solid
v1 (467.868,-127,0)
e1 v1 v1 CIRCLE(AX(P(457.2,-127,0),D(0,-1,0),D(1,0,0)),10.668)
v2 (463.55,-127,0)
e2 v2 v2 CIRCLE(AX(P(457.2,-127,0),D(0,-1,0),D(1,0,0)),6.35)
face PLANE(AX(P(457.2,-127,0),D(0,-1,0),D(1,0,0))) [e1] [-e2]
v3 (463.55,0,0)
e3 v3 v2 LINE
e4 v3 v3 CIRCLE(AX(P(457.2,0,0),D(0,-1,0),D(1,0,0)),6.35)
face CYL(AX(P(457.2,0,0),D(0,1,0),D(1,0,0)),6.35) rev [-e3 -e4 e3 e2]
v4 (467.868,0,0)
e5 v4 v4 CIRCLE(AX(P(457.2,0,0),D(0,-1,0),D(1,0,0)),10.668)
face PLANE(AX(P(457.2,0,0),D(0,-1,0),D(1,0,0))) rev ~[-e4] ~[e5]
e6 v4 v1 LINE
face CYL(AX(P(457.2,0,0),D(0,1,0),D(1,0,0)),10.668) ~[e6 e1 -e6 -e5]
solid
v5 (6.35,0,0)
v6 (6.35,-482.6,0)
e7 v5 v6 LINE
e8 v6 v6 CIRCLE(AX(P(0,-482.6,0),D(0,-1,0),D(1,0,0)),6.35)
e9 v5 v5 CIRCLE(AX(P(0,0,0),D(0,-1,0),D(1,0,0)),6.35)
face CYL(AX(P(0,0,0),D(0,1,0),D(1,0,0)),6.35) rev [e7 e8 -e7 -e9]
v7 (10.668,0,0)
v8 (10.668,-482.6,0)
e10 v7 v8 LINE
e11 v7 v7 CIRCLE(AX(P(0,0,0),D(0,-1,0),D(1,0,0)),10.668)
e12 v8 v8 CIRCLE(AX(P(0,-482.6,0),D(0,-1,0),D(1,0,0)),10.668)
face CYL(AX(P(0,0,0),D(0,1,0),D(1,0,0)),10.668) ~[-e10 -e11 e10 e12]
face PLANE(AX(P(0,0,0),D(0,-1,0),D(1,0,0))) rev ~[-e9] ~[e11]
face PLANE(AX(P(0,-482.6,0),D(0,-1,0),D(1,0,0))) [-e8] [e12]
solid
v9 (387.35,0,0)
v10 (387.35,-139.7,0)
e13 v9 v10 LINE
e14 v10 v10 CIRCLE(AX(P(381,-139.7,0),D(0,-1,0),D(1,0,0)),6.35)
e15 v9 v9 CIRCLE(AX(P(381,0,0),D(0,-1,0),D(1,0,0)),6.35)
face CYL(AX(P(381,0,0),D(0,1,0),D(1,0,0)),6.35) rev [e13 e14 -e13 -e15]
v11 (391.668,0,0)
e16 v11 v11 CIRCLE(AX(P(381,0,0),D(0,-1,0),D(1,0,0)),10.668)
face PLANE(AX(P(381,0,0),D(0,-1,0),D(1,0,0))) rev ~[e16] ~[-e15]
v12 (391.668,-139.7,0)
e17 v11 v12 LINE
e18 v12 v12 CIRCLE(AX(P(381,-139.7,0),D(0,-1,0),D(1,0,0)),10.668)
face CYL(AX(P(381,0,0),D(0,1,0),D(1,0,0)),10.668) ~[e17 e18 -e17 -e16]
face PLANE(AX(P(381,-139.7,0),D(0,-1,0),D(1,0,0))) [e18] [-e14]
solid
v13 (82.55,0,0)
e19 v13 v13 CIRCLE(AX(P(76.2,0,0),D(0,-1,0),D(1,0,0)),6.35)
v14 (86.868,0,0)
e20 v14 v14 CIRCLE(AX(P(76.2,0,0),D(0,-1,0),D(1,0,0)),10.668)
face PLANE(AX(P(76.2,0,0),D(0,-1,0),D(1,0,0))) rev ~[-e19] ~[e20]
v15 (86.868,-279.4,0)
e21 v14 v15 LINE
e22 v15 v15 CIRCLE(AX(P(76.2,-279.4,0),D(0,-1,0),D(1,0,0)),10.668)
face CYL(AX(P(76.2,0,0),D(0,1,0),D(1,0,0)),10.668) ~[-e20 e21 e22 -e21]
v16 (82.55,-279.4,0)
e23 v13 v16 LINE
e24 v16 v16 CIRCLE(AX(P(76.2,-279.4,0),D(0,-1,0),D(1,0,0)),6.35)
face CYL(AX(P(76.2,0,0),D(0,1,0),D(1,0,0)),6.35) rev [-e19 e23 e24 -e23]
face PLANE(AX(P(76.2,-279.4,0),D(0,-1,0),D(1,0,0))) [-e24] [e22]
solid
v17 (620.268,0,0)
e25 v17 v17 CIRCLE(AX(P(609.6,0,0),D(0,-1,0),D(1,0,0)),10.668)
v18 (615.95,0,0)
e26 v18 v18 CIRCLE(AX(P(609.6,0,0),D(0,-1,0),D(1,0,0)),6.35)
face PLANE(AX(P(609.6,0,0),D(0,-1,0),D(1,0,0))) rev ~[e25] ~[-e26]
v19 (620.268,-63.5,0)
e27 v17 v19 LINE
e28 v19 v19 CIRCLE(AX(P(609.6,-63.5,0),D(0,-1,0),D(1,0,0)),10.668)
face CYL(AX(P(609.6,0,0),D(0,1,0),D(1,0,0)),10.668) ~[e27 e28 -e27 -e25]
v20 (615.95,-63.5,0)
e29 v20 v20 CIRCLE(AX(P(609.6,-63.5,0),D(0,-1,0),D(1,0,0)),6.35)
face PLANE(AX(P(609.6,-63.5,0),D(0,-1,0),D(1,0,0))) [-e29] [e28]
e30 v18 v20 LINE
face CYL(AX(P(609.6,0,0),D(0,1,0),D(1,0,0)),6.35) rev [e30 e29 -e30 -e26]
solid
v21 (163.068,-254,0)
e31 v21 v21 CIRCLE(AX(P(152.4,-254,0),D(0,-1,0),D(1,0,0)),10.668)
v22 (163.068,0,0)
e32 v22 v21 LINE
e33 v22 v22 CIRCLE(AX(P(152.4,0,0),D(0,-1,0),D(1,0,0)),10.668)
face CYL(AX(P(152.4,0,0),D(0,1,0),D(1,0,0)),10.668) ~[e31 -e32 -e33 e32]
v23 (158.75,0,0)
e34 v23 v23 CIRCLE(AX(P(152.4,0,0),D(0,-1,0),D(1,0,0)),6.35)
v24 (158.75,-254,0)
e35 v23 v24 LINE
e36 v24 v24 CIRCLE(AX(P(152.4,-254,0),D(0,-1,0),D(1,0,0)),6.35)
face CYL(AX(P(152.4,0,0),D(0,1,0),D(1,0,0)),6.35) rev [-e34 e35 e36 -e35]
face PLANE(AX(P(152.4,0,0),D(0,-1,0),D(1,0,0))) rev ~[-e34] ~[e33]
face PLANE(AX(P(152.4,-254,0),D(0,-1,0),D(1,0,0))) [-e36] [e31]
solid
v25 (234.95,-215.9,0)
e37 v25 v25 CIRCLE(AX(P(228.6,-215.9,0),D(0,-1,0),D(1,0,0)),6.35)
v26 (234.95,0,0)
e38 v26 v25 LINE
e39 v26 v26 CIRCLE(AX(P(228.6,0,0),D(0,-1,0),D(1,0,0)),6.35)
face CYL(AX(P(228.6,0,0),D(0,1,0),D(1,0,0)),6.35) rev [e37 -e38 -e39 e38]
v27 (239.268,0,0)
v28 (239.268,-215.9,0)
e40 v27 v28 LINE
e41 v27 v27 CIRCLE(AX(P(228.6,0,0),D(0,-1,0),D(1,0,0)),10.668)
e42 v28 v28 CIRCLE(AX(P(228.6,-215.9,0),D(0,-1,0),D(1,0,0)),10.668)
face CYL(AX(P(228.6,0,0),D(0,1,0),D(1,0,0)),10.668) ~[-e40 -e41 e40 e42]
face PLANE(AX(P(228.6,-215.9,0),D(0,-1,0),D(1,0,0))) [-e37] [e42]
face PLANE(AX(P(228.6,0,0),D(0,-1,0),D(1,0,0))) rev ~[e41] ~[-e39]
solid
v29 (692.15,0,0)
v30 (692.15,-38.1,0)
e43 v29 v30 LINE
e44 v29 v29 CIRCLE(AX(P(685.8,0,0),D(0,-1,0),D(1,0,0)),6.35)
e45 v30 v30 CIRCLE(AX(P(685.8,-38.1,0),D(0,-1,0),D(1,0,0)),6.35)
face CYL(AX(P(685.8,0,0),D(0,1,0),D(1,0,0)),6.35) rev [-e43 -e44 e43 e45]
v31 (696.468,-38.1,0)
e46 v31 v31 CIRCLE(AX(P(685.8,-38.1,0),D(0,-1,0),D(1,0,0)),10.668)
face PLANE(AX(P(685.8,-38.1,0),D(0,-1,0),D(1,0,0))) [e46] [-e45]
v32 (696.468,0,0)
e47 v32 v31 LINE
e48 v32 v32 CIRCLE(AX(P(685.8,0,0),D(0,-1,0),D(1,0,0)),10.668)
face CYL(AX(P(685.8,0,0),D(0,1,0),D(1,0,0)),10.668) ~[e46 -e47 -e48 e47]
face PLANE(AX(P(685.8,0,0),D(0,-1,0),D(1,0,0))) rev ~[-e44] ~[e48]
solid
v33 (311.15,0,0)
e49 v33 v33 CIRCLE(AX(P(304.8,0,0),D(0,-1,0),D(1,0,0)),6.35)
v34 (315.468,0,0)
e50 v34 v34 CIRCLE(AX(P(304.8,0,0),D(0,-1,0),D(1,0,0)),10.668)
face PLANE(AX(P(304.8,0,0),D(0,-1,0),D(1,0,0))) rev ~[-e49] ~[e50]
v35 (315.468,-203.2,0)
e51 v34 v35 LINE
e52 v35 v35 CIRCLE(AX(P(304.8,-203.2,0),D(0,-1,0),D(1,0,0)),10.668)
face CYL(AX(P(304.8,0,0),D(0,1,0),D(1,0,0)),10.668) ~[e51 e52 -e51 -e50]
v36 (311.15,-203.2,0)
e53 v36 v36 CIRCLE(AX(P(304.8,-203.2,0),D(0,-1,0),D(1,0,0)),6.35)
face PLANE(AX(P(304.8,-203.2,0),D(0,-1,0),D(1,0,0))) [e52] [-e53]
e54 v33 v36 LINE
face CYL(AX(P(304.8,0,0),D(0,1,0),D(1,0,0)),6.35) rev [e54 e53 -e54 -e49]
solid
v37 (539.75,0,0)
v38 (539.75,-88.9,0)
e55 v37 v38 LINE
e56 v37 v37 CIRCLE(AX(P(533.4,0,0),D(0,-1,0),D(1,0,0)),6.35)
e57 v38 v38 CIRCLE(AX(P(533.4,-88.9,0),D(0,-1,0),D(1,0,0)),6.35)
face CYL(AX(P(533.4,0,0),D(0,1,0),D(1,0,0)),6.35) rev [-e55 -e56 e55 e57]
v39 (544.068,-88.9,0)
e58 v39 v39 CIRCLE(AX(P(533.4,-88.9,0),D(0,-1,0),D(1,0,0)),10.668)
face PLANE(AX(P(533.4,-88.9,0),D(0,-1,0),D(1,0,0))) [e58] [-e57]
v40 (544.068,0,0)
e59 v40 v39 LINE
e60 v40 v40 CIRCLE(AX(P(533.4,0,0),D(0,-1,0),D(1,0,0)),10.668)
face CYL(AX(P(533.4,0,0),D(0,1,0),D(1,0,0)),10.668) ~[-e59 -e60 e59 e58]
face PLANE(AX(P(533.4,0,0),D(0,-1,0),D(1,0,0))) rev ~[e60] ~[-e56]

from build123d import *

# Parameters (mm, degrees)
F0_R      = 10.668
F0_R_2    = 6.35
F1_DEPTH  = 482.6
F2_R      = 10.668
F2_R_2    = 6.35
F3_DEPTH  = 279.4
F4_R      = 10.668
F4_R_2    = 6.35
F5_DEPTH  = 254
F6_R      = 10.668
F6_R_2    = 6.35
F7_DEPTH  = 215.9
F8_R      = 10.668
F8_R_2    = 6.35
F9_DEPTH  = 203.2
F10_R     = 10.668
F10_R_2   = 6.35
F11_DEPTH = 139.7
F12_R     = 10.668
F12_R_2   = 6.35
F13_DEPTH = 127
F14_R     = 10.668
F14_R_2   = 6.35
F15_DEPTH = 88.9
F16_R     = 10.668
F16_R_2   = 6.35
F17_DEPTH = 63.5
F18_R     = 10.668
F18_R_2   = 6.35
F19_DEPTH = 38.1


with BuildPart() as f1:
    # F0 (on Front) → F1 (new body)
    with BuildSketch(Plane.XZ):
        Circle(F0_R)
        Circle(F0_R_2, mode=Mode.SUBTRACT)
    extrude(amount=F1_DEPTH)


with BuildPart() as f3:
    # F2 (on Front) → F3 (new body)
    with BuildSketch(Plane.XZ):
        with Locations((76.2, 0)):
            Circle(F2_R)
        with Locations((76.2, 0)):
            Circle(F2_R_2, mode=Mode.SUBTRACT)
    extrude(amount=F3_DEPTH)


with BuildPart() as f5:
    # F4 (on Front) → F5 (new body)
    with BuildSketch(Plane.XZ):
        with Locations((152.4, 0)):
            Circle(F4_R)
        with Locations((152.4, 0)):
            Circle(F4_R_2, mode=Mode.SUBTRACT)
    extrude(amount=F5_DEPTH)


with BuildPart() as f7:
    # F6 (on Front) → F7 (new body)
    with BuildSketch(Plane.XZ):
        with Locations((228.6, 0)):
            Circle(F6_R)
        with Locations((228.6, 0)):
            Circle(F6_R_2, mode=Mode.SUBTRACT)
    extrude(amount=F7_DEPTH)


with BuildPart() as f9:
    # F8 (on Front) → F9 (new body)
    with BuildSketch(Plane.XZ):
        with Locations((304.8, 0)):
            Circle(F8_R)
        with Locations((304.8, 0)):
            Circle(F8_R_2, mode=Mode.SUBTRACT)
    extrude(amount=F9_DEPTH)


with BuildPart() as f11:
    # F10 (on Front) → F11 (new body)
    with BuildSketch(Plane.XZ):
        with Locations((381, 0)):
            Circle(F10_R)
        with Locations((381, 0)):
            Circle(F10_R_2, mode=Mode.SUBTRACT)
    extrude(amount=F11_DEPTH)


with BuildPart() as f13:
    # F12 (on Front) → F13 (new body)
    with BuildSketch(Plane.XZ):
        with Locations((457.2, 0)):
            Circle(F12_R)
        with Locations((457.2, 0)):
            Circle(F12_R_2, mode=Mode.SUBTRACT)
    extrude(amount=F13_DEPTH)


with BuildPart() as f15:
    # F14 (on Front) → F15 (new body)
    with BuildSketch(Plane.XZ):
        with Locations((533.4, 0)):
            Circle(F14_R)
        with Locations((533.4, 0)):
            Circle(F14_R_2, mode=Mode.SUBTRACT)
    extrude(amount=F15_DEPTH)


with BuildPart() as f17:
    # F16 (on Front) → F17 (new body)
    with BuildSketch(Plane.XZ):
        with Locations((609.6, 0)):
            Circle(F16_R)
        with Locations((609.6, 0)):
            Circle(F16_R_2, mode=Mode.SUBTRACT)
    extrude(amount=F17_DEPTH)


with BuildPart() as f19:
    # F18 (on Front) → F19 (new body)
    with BuildSketch(Plane.XZ):
        with Locations((685.8, 0)):
            Circle(F18_R)
        with Locations((685.8, 0)):
            Circle(F18_R_2, mode=Mode.SUBTRACT)
    extrude(amount=F19_DEPTH)


solid = Compound([f1.part, f3.part, f5.part, f7.part, f9.part, f11.part, f13.part, f15.part, f17.part, f19.part])
